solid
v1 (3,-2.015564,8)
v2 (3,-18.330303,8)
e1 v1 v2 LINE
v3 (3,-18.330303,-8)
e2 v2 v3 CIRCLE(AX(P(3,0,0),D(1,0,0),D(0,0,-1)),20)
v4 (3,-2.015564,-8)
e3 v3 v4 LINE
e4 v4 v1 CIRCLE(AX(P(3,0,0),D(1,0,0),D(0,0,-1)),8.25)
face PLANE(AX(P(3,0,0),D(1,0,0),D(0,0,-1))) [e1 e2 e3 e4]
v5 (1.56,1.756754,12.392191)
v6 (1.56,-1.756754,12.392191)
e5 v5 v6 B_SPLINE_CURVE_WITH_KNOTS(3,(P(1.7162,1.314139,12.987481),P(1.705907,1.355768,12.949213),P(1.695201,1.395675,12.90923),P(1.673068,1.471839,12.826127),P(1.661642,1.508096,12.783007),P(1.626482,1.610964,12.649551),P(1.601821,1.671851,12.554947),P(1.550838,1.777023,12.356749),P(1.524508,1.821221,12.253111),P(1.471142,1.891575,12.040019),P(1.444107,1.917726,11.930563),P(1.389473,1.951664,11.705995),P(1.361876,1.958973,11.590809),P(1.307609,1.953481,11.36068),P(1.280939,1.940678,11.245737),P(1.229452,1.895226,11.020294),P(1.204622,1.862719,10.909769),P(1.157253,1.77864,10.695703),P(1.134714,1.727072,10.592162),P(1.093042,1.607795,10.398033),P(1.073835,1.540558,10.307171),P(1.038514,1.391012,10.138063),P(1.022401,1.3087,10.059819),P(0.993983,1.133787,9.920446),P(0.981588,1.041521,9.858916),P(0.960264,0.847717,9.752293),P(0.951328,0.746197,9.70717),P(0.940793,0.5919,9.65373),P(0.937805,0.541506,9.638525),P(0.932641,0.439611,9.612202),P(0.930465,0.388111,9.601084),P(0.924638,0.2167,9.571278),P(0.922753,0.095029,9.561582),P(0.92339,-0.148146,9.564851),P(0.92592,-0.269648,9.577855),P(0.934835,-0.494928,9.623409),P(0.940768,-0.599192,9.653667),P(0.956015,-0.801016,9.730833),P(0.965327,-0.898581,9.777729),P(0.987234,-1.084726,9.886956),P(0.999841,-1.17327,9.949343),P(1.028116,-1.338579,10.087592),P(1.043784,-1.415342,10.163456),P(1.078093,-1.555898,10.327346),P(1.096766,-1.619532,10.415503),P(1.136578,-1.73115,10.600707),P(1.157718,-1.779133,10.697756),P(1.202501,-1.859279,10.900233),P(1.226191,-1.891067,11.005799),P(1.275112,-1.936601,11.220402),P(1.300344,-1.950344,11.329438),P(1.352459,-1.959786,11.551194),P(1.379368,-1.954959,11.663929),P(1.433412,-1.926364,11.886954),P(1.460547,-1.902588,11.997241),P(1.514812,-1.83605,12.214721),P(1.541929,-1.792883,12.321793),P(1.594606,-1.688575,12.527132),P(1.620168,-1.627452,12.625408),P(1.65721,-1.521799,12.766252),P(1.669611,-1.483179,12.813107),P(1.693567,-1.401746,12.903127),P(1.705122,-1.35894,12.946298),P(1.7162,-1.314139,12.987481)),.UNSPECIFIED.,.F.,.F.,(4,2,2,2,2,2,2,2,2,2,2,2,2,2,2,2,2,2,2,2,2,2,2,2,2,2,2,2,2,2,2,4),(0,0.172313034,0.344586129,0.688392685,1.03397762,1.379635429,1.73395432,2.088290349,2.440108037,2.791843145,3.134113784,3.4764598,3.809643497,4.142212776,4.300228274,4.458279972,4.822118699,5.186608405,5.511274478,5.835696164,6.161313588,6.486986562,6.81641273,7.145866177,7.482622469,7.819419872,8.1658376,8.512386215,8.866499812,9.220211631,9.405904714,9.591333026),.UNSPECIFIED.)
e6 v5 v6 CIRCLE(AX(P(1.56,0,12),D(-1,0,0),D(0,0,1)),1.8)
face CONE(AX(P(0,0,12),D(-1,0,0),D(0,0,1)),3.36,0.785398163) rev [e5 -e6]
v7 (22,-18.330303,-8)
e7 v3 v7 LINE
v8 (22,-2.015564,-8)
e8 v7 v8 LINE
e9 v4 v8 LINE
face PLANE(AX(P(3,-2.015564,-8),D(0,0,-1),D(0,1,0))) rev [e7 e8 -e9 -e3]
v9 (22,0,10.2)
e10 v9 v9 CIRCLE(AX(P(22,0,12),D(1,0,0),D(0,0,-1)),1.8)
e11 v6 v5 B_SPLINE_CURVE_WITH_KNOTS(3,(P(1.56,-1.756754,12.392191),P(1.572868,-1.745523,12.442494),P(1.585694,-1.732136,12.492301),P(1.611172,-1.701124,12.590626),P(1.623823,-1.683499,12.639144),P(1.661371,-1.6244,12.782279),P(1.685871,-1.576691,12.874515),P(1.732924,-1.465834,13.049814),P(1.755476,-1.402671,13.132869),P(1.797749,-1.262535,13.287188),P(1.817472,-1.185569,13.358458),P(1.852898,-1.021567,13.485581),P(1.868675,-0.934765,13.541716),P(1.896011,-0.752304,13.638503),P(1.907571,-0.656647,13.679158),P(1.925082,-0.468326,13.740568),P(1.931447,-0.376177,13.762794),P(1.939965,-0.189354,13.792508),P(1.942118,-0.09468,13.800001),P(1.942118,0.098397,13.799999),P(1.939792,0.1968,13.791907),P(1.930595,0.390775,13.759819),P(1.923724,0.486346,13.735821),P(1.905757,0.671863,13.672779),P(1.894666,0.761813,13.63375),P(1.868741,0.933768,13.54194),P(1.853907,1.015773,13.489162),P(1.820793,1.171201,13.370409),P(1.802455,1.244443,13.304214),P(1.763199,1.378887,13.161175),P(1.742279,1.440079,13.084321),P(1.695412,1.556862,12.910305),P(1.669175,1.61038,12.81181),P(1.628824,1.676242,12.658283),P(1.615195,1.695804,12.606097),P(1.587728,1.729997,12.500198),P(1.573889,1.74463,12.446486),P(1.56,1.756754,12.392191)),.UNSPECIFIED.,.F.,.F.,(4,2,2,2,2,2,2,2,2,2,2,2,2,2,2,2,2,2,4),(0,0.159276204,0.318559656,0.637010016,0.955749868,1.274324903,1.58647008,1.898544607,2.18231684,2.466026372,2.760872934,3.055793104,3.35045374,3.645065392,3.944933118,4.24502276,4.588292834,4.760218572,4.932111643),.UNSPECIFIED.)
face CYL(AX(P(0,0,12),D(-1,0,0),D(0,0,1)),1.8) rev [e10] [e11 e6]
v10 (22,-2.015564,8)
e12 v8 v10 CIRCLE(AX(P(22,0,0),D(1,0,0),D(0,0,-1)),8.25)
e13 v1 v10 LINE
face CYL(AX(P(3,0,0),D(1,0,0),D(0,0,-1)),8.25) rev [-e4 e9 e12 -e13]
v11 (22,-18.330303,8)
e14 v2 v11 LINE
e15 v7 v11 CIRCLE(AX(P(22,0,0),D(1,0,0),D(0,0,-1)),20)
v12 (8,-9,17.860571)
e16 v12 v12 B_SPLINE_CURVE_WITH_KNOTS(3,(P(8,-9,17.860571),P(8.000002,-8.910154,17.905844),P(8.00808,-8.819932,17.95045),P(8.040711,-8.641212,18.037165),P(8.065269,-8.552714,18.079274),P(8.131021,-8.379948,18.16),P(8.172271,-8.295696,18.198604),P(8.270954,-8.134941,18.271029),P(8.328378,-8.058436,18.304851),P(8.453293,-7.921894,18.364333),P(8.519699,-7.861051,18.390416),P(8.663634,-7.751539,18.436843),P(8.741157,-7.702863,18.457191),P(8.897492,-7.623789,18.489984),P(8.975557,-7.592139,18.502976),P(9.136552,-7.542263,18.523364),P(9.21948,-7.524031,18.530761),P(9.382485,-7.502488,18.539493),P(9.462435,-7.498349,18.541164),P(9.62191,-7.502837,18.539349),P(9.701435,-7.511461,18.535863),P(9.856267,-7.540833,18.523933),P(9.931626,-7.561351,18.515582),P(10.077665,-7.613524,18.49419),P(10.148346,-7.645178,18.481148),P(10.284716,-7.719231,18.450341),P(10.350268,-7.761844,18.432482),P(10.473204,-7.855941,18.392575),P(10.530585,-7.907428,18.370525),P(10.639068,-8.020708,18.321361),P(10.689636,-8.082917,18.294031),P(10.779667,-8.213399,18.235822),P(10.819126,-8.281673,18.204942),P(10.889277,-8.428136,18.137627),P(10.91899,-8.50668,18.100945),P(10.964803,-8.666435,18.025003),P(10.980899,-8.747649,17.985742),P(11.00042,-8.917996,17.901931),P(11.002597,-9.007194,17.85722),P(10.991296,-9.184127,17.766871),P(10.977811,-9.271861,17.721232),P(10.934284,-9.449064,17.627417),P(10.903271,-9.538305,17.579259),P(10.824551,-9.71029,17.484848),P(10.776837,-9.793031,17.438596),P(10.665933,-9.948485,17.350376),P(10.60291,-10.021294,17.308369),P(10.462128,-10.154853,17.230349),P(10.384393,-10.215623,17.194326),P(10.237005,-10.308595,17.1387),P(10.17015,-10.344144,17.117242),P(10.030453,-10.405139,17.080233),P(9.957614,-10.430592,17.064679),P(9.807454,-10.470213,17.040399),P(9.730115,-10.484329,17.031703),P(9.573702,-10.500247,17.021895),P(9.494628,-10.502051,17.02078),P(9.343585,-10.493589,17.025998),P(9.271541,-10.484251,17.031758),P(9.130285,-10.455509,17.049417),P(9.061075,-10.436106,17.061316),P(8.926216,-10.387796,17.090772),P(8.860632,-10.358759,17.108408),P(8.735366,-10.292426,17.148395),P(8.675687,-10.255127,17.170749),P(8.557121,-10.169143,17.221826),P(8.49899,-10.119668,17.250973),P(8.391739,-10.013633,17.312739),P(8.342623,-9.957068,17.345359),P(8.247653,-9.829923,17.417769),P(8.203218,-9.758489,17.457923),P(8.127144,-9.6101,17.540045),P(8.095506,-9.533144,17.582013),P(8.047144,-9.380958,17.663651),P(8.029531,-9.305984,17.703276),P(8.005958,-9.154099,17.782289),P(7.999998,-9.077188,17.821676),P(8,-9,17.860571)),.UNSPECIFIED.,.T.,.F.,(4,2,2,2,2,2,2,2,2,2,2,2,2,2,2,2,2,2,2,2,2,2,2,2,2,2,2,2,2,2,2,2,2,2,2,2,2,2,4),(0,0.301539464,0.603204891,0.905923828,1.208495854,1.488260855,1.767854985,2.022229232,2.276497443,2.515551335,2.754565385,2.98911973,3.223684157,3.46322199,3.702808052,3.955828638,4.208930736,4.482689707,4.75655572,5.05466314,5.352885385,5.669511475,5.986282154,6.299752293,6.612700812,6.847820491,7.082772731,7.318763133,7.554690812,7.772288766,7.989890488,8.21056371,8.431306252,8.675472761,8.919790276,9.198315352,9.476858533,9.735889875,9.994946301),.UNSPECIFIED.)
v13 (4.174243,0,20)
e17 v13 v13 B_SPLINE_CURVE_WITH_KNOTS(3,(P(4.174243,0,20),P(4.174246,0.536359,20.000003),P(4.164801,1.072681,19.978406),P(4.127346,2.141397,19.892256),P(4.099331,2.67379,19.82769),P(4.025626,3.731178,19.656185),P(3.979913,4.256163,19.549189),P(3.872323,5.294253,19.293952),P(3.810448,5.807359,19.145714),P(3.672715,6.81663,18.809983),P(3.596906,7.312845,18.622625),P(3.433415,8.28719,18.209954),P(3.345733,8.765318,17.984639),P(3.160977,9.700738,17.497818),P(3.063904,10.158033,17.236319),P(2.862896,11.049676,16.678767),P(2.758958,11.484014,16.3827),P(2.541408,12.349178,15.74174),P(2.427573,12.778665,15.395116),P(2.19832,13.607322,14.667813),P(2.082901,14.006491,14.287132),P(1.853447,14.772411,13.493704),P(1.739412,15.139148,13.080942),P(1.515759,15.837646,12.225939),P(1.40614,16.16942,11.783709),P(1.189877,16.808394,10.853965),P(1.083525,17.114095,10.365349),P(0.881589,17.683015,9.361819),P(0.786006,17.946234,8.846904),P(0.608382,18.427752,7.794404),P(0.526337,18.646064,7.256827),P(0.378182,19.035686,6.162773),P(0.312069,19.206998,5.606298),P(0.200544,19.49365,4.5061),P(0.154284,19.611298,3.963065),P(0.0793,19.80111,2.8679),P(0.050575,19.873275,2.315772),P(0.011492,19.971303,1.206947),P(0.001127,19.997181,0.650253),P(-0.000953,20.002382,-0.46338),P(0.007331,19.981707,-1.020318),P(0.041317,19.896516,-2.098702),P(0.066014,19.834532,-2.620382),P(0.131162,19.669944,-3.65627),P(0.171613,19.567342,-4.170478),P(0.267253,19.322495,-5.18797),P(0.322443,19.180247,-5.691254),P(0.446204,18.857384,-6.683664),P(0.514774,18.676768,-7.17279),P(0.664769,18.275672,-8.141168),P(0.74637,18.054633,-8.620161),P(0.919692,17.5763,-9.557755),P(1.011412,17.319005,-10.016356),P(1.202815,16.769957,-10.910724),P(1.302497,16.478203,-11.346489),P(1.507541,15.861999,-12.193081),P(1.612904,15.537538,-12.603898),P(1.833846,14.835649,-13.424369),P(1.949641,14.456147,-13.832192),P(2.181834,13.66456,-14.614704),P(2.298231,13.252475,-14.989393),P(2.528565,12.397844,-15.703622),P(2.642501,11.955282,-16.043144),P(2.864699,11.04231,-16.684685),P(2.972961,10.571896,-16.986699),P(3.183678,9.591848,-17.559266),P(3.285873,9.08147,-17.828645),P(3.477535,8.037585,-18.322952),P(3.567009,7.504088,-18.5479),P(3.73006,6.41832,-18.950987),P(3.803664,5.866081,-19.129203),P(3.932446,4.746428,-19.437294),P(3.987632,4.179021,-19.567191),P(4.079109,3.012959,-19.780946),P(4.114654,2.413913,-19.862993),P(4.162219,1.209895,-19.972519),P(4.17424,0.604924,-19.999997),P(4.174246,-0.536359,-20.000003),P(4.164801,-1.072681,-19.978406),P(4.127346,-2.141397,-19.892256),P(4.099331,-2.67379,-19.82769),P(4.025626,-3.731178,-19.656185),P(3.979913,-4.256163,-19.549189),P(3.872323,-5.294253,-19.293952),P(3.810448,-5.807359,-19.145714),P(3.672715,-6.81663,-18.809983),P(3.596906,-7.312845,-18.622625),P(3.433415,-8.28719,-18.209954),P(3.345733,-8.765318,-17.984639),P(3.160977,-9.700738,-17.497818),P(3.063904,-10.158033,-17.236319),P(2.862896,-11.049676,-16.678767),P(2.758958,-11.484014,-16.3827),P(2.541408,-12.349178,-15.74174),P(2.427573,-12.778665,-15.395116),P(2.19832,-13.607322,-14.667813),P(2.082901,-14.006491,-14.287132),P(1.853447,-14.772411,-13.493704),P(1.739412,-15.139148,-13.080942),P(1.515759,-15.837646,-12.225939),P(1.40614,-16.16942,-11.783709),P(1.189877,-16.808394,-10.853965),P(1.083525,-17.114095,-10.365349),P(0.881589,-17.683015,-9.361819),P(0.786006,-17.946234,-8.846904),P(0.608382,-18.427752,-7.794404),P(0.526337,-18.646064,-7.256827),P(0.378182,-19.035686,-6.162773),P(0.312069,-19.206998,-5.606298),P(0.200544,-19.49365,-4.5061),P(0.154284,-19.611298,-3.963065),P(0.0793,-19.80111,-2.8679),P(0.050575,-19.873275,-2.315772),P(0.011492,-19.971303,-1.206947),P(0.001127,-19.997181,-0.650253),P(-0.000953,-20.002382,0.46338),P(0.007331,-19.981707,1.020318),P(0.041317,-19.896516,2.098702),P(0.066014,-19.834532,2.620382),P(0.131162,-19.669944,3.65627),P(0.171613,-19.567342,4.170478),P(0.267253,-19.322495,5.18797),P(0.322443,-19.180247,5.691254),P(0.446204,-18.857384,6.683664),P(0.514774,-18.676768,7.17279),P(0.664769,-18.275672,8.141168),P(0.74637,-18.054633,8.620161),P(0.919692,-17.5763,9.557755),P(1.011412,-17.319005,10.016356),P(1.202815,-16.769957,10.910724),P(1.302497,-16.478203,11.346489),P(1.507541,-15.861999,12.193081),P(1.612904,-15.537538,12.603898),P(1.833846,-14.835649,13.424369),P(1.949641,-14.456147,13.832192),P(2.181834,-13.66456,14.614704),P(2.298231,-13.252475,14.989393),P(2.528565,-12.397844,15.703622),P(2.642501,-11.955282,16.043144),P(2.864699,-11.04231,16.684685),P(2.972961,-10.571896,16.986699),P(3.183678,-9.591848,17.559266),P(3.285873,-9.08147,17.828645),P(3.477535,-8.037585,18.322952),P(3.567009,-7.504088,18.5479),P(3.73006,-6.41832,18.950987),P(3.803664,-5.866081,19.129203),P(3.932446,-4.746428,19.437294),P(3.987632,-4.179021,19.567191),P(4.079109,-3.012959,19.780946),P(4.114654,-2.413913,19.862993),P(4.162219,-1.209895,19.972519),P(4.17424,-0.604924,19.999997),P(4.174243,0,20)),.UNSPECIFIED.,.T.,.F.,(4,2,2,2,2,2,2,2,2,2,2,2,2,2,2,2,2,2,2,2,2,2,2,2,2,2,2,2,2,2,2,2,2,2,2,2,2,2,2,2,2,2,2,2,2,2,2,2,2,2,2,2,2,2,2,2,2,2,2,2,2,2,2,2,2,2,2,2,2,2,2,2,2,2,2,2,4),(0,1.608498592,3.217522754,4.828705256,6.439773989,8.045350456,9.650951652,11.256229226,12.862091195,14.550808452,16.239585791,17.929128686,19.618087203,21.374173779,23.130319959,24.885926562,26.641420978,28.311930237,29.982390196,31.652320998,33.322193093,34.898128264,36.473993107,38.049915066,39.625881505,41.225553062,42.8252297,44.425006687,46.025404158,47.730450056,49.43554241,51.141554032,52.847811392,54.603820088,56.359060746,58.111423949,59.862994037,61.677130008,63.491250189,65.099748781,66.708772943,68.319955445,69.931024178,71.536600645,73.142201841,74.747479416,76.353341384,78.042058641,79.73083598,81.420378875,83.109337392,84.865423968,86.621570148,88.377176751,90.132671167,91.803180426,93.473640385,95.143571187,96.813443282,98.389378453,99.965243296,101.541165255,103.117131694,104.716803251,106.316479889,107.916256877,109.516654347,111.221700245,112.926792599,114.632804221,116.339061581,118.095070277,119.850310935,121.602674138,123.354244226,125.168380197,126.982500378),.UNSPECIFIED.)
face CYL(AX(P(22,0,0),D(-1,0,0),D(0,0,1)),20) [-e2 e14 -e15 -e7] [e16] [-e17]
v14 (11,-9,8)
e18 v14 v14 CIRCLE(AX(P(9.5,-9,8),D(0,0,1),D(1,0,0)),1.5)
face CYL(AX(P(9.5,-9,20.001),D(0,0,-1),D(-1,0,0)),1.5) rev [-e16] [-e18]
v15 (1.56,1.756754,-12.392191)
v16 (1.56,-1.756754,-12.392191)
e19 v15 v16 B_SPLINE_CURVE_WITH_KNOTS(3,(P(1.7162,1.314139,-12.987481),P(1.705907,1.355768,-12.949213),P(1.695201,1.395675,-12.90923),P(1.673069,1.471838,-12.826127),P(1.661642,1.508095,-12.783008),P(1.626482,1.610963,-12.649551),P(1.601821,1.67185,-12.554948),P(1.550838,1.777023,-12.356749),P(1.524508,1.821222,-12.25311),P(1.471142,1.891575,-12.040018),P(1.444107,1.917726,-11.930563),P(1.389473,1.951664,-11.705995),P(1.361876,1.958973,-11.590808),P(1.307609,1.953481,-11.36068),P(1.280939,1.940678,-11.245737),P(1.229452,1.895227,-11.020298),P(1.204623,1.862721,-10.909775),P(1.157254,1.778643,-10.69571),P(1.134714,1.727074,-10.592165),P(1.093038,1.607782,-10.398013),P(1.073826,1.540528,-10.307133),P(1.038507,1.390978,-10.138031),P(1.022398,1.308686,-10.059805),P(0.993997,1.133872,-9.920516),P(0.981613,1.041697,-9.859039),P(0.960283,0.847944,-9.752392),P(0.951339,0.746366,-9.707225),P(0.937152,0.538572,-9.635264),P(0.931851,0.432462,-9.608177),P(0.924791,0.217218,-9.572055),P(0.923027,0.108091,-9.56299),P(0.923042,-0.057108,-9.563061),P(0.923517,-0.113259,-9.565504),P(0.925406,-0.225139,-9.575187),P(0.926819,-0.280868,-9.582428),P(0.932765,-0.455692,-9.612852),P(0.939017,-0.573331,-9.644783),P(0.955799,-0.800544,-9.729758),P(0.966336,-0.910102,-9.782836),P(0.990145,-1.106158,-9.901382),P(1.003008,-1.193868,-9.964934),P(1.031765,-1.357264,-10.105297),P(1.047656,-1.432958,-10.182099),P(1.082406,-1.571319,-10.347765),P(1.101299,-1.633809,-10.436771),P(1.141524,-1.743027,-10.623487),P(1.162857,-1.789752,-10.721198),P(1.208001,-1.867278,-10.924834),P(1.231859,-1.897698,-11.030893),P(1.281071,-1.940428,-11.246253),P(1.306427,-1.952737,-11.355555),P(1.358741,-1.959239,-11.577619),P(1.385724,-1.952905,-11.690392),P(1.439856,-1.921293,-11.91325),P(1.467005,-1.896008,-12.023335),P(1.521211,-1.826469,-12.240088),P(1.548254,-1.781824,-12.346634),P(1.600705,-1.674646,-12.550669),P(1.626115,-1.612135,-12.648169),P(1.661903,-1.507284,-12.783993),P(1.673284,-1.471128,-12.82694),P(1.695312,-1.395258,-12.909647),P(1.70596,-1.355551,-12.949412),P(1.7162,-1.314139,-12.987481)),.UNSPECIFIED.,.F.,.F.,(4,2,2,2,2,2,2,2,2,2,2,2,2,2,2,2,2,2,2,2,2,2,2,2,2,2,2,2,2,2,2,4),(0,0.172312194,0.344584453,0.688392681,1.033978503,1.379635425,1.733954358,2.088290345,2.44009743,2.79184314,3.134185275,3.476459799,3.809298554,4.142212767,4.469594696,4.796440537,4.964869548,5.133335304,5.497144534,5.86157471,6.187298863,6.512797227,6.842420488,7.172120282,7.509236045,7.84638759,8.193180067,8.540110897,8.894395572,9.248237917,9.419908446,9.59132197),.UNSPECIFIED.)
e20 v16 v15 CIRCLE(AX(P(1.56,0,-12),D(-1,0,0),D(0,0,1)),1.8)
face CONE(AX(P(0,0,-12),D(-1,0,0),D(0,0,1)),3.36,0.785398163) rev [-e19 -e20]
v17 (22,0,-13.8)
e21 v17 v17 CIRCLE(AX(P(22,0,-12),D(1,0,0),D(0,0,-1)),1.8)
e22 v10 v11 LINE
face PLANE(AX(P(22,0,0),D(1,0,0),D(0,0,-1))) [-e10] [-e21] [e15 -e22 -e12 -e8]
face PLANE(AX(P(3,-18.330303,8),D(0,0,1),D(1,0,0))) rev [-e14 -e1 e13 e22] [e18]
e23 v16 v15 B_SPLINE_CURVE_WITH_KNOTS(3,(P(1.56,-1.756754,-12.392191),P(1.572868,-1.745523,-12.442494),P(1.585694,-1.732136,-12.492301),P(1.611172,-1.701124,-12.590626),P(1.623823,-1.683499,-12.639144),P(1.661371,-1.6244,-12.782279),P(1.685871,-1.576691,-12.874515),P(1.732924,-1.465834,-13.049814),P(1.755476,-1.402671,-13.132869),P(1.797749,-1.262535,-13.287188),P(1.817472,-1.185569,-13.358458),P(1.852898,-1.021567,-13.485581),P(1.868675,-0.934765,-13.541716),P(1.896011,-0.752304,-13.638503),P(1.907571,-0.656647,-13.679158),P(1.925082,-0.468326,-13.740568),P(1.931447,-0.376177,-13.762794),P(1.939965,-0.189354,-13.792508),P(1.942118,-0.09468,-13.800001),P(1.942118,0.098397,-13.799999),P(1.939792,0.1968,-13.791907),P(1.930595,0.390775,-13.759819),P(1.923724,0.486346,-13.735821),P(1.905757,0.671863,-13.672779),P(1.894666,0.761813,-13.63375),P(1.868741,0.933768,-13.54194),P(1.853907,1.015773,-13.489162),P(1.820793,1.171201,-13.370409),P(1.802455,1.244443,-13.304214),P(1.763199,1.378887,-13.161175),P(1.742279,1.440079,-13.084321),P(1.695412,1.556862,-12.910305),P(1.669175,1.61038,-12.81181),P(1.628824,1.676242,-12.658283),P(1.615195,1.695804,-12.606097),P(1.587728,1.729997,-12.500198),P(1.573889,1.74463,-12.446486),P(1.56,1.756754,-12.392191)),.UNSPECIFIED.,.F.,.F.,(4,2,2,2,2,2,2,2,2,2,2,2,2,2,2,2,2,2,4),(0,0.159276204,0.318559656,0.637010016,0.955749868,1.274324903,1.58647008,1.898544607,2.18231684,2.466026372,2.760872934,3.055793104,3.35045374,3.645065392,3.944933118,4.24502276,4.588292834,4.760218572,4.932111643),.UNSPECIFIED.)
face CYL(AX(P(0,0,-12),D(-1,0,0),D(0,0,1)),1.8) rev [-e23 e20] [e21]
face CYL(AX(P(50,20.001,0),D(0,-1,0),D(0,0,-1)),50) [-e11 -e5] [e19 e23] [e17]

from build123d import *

# Parameters (mm, degrees)
SKETCH1_R                     = 20
BOSS_EXTRUDE1_DEPTH           = 22
CUT_EXTRUDE1_START            = -19
CUT_EXTRUDE1_DEPTH            = 19
CSK_FOR_M3_SFHCS1_D           = 3.6
CSK_FOR_M3_SFHCS1_CSINK_D     = 6.72
CSK_FOR_M3_SFHCS1_CSINK_ANGLE = 90
CUT_EXTRUDE2_START            = -20.001419
SKETCH7_R                     = 75
SKETCH7_R_2                   = 50
CUT_EXTRUDE2_DEPTH            = 40.002838
CUT_EXTRUDE3_REACH            = 37.833
CUT_EXTRUDE3_END_RADIUS       = 20
SKETCH8_R                     = 1.5


with BuildPart() as part:
    # Sketch1 → Boss-Extrude1 (new body)
    with BuildSketch(Plane(origin=(0, 0, 0), x_dir=(0, 0, -1), z_dir=(1, 0, 0))):
        Circle(SKETCH1_R)
    extrude(amount=BOSS_EXTRUDE1_DEPTH)

    # Sketch2 → Cut-Extrude1 (cut)
    with BuildSketch(Plane(origin=(22, 0, 0), x_dir=(0, 0, -1), z_dir=(1, 0, 0)).offset(CUT_EXTRUDE1_START)):
        with BuildLine():
            Line((-8, -18.33030278), (-8, -2.015564437))
            ThreePointArc((-8, -2.015564437), (0, 8.25), (8, -2.015564437))
            Line((8, -2.015564437), (8, -18.33030278))
            ThreePointArc((8, -18.33030278), (0, -20), (-8, -18.33030278))
        make_face()
    extrude(amount=CUT_EXTRUDE1_DEPTH, mode=Mode.SUBTRACT)

    # CSK for M3 SFHCS1 (through all)
    with Locations(Plane.ZY):
        with Locations((-12, 0), (12, 0)):
            CounterSinkHole(CSK_FOR_M3_SFHCS1_D / 2, CSK_FOR_M3_SFHCS1_CSINK_D / 2, counter_sink_angle=CSK_FOR_M3_SFHCS1_CSINK_ANGLE)

    # Sketch7 → Cut-Extrude2 (cut)
    with BuildSketch(Plane(origin=(0, 0, 0), x_dir=(1, 0, 0), z_dir=(0, 1, 0)).offset(CUT_EXTRUDE2_START)):
        with Locations((50, 0)):
            Circle(SKETCH7_R)
        with Locations((50, 0)):
            Circle(SKETCH7_R_2, mode=Mode.SUBTRACT)
    extrude(amount=CUT_EXTRUDE2_DEPTH, mode=Mode.SUBTRACT)

    # Cut-Extrude3: up to this cylinder (the profile starts inside it)
    cut_extrude3_end = Plane(origin=(9.5, 0, 0), z_dir=(-1, 0, 0)) * Cylinder(CUT_EXTRUDE3_END_RADIUS, 116.666, mode=Mode.PRIVATE)
    # Sketch8 → Cut-Extrude3 (cut, up to the surface)
    with BuildSketch(Plane.XY, mode=Mode.PRIVATE) as cut_extrude3_sk1:
        with Locations(Location((9.5, -9, 0), (0, 0, 180))):
            Circle(SKETCH8_R)
    cut_extrude3_tool1 = extrude(cut_extrude3_sk1.sketch, amount=CUT_EXTRUDE3_REACH, mode=Mode.PRIVATE) & cut_extrude3_end
    add(cut_extrude3_tool1.solids().sort_by_distance((9.5, -9, 0))[0], mode=Mode.SUBTRACT)


solid = part.part
